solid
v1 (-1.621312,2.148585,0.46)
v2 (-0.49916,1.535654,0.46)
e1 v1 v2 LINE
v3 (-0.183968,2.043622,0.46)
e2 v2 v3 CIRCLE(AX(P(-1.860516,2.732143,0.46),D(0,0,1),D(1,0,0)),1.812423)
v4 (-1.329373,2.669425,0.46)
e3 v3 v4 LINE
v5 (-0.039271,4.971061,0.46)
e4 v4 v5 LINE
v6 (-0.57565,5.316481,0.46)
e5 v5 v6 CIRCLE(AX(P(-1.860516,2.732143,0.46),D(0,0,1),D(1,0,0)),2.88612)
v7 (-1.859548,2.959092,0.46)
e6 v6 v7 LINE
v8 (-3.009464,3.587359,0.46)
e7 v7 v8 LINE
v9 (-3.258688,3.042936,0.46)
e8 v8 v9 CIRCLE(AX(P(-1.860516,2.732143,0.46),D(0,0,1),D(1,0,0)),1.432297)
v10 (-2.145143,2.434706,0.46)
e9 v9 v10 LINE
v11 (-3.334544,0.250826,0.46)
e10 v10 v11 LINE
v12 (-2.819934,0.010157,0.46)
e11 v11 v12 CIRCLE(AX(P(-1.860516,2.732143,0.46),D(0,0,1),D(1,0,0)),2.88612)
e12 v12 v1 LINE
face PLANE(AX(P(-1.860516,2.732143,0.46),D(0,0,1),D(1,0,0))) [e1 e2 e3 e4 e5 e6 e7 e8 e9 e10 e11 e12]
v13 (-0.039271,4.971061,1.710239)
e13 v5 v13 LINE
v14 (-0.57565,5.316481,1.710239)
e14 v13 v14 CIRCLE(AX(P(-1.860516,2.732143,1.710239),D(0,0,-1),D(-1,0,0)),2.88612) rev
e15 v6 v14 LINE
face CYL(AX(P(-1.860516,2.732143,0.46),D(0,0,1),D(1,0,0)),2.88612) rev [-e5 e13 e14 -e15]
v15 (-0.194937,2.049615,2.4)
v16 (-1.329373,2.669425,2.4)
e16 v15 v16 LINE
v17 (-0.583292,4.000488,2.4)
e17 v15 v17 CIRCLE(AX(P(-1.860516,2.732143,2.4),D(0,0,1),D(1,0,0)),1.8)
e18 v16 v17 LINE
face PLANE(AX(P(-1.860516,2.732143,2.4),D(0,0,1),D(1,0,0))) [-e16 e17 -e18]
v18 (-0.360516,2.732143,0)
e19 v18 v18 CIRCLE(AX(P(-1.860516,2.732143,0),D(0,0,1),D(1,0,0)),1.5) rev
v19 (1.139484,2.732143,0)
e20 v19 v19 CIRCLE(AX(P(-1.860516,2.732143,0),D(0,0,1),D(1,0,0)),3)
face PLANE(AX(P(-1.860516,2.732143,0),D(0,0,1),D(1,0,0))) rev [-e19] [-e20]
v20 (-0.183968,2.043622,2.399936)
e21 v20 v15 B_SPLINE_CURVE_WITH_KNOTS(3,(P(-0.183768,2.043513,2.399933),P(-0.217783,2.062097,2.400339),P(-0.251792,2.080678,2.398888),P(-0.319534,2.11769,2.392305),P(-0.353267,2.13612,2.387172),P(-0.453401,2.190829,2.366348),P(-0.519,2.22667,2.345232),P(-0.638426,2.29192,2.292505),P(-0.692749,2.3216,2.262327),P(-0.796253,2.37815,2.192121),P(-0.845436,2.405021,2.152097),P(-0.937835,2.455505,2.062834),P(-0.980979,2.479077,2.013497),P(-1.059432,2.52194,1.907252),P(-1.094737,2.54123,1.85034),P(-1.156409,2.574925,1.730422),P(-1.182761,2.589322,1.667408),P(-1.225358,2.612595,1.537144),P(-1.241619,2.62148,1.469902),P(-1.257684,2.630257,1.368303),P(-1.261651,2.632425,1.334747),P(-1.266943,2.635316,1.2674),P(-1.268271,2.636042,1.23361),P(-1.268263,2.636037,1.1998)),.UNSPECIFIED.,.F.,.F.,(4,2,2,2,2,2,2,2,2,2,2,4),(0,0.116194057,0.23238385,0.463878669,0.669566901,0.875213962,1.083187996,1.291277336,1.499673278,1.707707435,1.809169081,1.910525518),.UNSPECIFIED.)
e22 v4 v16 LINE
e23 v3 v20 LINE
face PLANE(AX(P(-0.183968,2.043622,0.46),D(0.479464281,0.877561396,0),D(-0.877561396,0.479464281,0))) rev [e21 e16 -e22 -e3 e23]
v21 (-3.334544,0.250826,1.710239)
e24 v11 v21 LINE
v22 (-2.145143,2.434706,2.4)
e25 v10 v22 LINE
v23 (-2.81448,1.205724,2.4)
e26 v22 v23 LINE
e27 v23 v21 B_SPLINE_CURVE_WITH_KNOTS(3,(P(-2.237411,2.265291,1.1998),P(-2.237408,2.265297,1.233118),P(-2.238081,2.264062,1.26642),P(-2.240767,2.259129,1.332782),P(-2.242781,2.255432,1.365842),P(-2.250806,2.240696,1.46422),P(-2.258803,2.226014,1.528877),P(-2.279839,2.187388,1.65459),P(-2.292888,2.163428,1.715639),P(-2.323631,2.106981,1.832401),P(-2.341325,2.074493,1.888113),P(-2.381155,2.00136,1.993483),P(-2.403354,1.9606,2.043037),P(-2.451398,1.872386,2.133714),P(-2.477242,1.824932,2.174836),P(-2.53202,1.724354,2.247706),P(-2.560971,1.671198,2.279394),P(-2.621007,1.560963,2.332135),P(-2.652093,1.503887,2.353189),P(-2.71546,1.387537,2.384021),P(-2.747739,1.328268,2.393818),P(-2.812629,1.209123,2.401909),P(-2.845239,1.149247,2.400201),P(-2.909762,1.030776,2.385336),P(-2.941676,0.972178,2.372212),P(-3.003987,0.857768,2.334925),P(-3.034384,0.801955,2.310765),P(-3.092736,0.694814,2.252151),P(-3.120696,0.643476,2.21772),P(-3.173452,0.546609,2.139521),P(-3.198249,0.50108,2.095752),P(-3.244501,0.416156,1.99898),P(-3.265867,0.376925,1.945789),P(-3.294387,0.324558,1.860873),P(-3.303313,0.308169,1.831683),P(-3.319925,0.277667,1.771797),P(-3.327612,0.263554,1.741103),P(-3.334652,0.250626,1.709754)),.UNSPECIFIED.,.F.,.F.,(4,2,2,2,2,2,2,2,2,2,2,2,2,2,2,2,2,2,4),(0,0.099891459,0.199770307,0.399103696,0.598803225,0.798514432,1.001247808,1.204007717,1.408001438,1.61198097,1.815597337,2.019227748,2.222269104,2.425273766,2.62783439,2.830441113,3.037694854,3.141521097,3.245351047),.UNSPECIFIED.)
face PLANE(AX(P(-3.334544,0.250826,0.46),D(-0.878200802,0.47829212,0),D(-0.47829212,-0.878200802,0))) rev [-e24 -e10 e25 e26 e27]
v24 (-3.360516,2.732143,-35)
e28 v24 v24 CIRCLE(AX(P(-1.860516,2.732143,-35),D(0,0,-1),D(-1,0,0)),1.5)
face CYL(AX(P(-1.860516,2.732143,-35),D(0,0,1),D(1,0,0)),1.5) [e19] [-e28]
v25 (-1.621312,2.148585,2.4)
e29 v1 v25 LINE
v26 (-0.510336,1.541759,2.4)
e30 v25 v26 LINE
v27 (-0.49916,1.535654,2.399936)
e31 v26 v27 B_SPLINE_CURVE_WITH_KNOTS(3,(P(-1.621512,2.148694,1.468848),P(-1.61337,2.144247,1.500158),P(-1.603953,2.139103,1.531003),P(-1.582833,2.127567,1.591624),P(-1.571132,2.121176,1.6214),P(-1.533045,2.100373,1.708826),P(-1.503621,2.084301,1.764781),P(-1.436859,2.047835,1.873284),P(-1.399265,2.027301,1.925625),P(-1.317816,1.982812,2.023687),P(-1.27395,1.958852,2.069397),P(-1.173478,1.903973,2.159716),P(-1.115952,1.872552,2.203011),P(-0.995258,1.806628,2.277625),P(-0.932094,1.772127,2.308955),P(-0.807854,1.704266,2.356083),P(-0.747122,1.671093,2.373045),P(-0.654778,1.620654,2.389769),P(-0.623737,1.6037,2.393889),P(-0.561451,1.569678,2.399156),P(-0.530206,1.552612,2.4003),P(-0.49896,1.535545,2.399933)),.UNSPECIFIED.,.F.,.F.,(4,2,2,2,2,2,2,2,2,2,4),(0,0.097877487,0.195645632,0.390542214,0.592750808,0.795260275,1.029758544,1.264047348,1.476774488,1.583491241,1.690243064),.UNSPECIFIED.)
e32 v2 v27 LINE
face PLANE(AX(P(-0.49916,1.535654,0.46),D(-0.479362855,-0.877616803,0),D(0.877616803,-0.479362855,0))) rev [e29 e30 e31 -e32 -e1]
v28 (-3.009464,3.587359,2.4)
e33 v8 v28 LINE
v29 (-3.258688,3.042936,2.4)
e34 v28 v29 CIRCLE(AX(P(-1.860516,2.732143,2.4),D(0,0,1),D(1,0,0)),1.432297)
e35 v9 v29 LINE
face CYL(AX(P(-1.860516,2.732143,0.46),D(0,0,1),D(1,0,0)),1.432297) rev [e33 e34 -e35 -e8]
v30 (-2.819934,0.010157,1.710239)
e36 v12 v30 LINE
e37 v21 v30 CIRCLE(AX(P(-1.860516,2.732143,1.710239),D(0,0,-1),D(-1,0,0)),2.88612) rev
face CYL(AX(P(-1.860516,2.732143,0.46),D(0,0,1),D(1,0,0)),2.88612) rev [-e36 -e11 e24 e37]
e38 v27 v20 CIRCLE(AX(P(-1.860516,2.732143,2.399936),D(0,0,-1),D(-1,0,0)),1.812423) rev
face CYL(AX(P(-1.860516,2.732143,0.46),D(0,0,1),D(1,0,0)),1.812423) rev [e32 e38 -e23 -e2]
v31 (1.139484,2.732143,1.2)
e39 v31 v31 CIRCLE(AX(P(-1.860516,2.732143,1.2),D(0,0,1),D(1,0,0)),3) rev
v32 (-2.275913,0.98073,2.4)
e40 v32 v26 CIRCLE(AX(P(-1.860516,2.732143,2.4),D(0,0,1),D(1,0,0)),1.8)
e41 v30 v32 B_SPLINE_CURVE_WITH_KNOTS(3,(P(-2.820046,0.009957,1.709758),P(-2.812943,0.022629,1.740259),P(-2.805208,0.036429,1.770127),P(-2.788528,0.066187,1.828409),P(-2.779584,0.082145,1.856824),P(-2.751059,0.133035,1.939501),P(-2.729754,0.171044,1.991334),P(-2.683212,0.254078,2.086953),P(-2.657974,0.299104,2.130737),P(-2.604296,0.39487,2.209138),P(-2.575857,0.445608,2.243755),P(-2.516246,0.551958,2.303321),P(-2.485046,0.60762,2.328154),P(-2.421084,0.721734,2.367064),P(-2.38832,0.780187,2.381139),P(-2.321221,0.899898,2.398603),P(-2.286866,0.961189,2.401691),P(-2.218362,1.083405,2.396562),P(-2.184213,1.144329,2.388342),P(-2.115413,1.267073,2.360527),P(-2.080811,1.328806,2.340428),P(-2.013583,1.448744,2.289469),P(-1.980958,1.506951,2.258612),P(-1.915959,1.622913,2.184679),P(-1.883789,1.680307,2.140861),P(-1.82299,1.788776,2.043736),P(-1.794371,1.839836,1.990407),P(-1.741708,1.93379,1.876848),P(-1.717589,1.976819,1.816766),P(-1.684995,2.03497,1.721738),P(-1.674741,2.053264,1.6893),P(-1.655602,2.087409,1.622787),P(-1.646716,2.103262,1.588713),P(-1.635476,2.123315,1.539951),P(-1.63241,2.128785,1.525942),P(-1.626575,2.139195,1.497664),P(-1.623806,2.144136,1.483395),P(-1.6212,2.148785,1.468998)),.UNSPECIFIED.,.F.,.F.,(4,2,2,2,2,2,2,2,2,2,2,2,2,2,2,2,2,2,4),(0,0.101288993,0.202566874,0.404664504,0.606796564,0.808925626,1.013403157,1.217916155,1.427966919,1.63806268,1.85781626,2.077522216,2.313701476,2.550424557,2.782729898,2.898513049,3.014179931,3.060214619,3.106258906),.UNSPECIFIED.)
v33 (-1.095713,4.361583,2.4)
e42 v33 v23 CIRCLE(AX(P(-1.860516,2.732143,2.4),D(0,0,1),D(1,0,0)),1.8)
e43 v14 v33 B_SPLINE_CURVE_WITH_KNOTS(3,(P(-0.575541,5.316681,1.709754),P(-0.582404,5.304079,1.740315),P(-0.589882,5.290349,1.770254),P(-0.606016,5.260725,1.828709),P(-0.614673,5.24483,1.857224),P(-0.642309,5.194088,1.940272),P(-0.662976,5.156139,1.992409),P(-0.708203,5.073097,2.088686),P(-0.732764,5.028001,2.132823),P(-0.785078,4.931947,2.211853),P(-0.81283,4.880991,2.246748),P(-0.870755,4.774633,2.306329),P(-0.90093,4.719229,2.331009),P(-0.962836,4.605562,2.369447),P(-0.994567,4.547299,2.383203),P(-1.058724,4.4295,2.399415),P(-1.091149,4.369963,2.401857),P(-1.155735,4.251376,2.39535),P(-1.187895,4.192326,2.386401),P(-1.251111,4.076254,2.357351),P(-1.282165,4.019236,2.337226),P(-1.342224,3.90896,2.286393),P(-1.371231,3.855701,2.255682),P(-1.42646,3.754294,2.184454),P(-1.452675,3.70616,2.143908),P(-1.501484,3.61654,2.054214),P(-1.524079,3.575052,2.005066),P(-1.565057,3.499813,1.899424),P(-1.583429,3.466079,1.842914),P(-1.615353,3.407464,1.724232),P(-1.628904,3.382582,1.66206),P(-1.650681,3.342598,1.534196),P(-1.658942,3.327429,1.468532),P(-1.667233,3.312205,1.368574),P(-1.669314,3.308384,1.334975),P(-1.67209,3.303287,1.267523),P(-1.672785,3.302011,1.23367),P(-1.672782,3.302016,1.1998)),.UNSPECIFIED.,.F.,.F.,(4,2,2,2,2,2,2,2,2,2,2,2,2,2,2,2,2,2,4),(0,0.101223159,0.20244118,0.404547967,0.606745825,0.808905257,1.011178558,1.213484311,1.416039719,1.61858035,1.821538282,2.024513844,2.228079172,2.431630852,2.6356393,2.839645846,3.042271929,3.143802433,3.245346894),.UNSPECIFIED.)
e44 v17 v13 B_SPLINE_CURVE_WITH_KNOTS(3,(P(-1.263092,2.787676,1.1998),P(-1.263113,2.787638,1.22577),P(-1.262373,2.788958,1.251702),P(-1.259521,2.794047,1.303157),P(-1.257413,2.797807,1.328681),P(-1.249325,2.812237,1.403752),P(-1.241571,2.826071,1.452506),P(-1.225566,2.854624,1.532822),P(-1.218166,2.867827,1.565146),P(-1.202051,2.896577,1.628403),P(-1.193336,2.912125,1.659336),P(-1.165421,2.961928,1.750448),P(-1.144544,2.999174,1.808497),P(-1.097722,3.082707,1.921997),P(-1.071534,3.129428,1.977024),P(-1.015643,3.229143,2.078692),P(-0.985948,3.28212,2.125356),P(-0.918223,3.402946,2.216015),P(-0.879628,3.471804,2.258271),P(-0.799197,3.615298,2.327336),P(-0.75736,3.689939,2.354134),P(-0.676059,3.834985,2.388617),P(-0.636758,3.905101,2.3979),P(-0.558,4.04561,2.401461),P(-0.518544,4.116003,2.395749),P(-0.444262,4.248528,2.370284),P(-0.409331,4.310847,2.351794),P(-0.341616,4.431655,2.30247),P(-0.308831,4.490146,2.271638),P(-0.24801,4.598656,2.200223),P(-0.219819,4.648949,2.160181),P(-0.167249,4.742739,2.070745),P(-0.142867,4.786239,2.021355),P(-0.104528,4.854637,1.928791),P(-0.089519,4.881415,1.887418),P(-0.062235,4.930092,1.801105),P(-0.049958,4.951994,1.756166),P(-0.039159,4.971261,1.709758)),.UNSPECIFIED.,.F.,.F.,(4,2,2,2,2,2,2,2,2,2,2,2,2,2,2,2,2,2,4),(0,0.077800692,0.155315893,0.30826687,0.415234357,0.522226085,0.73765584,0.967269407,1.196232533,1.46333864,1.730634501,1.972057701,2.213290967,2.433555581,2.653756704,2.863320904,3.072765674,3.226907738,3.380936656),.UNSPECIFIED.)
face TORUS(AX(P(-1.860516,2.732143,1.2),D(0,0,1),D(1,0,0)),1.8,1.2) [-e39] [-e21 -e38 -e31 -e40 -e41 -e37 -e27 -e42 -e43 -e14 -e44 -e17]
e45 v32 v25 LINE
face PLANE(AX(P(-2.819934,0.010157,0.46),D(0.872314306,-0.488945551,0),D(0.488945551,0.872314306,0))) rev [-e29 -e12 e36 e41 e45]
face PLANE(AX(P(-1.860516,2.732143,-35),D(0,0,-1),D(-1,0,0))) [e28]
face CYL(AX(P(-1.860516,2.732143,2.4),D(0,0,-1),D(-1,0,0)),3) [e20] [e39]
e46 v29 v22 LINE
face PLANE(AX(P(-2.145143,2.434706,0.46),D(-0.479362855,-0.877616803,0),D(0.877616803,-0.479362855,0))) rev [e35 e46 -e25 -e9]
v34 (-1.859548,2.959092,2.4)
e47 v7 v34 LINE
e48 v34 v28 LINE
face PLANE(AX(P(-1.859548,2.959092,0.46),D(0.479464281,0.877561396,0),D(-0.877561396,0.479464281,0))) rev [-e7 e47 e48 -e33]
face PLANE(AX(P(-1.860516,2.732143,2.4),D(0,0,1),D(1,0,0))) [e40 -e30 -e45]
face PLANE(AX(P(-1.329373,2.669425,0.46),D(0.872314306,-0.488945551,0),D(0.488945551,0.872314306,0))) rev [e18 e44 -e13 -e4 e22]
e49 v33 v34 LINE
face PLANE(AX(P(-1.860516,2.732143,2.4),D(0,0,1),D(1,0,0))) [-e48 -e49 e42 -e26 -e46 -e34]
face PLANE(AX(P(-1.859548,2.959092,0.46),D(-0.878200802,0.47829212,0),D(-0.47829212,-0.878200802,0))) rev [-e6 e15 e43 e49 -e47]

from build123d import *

# Parameters (mm, degrees)
SZKIC1_R                    = 3
DODANIE_WYCI_GNI_CIE2_DEPTH = 2.4
SZKIC2_R                    = 1.5
DODANIE_WYCI_GNI_CIE3_DEPTH = 35
ZAOKR_GLENIE2_R             = 1.2
WYTNIJ_WYCI_GNI_CIE1_DEPTH  = 1.94


with BuildPart() as part:
    # Szkic1 → Dodanie-wyciągnięcie2 (new body)
    with BuildSketch(Plane.XY):
        with Locations((-1.860516246, 2.732142857)):
            Circle(SZKIC1_R)
    extrude(amount=DODANIE_WYCI_GNI_CIE2_DEPTH)

    # Szkic2 → Dodanie-wyciągnięcie3 (add)
    with BuildSketch(Plane(origin=(0, 0, 0), x_dir=(-1, 0, 0), z_dir=(0, 0, -1))):
        with Locations((1.860516246, 2.732142857)):
            Circle(SZKIC2_R)
    extrude(amount=DODANIE_WYCI_GNI_CIE3_DEPTH)

    # Zaokrąglenie2
    zaokr_glenie2_edges = [part.edges().sort_by_distance(p)[0] for p in [
        (-4.860516246, 2.732142857, 2.4),
    ]]
    fillet(zaokr_glenie2_edges, radius=ZAOKR_GLENIE2_R)

    # Szkic3 → Wytnij-wyciągnięcie1 (cut)
    with BuildSketch(Plane.XY.offset(2.4)):
        with BuildLine():
            Line((-1.859548318, 2.959091853), (-0.575649693, 5.316481314))
            ThreePointArc((-0.575649693, 5.316481314), (-0.297886623, 5.158637444), (-0.039271083, 4.97106076))
            Line((-0.039271083, 4.97106076), (-1.329373025, 2.669425378))
            Line((-1.329373025, 2.669425378), (-0.183967515, 2.043621837))
            ThreePointArc((-0.183967515, 2.043621837), (-0.320475658, 1.776553075), (-0.499159616, 1.535654258))
            Line((-0.499159616, 1.535654258), (-1.621312108, 2.148584891))
            Line((-1.621312108, 2.148584891), (-2.819933608, 0.01015725))
            ThreePointArc((-2.819933608, 0.01015725), (-3.083174674, 0.117799023), (-3.33454353, 0.250826496))
            Line((-3.33454353, 0.250826496), (-2.145142944, 2.434706401))
            Line((-2.145142944, 2.434706401), (-3.258687897, 3.042935511))
            ThreePointArc((-3.258687897, 3.042935511), (-3.162842423, 3.328316127), (-3.009463836, 3.587359481))
            Line((-3.009463836, 3.587359481), (-1.859548318, 2.959091853))
        make_face()
    extrude(amount=-WYTNIJ_WYCI_GNI_CIE1_DEPTH, mode=Mode.SUBTRACT)


solid = part.part
